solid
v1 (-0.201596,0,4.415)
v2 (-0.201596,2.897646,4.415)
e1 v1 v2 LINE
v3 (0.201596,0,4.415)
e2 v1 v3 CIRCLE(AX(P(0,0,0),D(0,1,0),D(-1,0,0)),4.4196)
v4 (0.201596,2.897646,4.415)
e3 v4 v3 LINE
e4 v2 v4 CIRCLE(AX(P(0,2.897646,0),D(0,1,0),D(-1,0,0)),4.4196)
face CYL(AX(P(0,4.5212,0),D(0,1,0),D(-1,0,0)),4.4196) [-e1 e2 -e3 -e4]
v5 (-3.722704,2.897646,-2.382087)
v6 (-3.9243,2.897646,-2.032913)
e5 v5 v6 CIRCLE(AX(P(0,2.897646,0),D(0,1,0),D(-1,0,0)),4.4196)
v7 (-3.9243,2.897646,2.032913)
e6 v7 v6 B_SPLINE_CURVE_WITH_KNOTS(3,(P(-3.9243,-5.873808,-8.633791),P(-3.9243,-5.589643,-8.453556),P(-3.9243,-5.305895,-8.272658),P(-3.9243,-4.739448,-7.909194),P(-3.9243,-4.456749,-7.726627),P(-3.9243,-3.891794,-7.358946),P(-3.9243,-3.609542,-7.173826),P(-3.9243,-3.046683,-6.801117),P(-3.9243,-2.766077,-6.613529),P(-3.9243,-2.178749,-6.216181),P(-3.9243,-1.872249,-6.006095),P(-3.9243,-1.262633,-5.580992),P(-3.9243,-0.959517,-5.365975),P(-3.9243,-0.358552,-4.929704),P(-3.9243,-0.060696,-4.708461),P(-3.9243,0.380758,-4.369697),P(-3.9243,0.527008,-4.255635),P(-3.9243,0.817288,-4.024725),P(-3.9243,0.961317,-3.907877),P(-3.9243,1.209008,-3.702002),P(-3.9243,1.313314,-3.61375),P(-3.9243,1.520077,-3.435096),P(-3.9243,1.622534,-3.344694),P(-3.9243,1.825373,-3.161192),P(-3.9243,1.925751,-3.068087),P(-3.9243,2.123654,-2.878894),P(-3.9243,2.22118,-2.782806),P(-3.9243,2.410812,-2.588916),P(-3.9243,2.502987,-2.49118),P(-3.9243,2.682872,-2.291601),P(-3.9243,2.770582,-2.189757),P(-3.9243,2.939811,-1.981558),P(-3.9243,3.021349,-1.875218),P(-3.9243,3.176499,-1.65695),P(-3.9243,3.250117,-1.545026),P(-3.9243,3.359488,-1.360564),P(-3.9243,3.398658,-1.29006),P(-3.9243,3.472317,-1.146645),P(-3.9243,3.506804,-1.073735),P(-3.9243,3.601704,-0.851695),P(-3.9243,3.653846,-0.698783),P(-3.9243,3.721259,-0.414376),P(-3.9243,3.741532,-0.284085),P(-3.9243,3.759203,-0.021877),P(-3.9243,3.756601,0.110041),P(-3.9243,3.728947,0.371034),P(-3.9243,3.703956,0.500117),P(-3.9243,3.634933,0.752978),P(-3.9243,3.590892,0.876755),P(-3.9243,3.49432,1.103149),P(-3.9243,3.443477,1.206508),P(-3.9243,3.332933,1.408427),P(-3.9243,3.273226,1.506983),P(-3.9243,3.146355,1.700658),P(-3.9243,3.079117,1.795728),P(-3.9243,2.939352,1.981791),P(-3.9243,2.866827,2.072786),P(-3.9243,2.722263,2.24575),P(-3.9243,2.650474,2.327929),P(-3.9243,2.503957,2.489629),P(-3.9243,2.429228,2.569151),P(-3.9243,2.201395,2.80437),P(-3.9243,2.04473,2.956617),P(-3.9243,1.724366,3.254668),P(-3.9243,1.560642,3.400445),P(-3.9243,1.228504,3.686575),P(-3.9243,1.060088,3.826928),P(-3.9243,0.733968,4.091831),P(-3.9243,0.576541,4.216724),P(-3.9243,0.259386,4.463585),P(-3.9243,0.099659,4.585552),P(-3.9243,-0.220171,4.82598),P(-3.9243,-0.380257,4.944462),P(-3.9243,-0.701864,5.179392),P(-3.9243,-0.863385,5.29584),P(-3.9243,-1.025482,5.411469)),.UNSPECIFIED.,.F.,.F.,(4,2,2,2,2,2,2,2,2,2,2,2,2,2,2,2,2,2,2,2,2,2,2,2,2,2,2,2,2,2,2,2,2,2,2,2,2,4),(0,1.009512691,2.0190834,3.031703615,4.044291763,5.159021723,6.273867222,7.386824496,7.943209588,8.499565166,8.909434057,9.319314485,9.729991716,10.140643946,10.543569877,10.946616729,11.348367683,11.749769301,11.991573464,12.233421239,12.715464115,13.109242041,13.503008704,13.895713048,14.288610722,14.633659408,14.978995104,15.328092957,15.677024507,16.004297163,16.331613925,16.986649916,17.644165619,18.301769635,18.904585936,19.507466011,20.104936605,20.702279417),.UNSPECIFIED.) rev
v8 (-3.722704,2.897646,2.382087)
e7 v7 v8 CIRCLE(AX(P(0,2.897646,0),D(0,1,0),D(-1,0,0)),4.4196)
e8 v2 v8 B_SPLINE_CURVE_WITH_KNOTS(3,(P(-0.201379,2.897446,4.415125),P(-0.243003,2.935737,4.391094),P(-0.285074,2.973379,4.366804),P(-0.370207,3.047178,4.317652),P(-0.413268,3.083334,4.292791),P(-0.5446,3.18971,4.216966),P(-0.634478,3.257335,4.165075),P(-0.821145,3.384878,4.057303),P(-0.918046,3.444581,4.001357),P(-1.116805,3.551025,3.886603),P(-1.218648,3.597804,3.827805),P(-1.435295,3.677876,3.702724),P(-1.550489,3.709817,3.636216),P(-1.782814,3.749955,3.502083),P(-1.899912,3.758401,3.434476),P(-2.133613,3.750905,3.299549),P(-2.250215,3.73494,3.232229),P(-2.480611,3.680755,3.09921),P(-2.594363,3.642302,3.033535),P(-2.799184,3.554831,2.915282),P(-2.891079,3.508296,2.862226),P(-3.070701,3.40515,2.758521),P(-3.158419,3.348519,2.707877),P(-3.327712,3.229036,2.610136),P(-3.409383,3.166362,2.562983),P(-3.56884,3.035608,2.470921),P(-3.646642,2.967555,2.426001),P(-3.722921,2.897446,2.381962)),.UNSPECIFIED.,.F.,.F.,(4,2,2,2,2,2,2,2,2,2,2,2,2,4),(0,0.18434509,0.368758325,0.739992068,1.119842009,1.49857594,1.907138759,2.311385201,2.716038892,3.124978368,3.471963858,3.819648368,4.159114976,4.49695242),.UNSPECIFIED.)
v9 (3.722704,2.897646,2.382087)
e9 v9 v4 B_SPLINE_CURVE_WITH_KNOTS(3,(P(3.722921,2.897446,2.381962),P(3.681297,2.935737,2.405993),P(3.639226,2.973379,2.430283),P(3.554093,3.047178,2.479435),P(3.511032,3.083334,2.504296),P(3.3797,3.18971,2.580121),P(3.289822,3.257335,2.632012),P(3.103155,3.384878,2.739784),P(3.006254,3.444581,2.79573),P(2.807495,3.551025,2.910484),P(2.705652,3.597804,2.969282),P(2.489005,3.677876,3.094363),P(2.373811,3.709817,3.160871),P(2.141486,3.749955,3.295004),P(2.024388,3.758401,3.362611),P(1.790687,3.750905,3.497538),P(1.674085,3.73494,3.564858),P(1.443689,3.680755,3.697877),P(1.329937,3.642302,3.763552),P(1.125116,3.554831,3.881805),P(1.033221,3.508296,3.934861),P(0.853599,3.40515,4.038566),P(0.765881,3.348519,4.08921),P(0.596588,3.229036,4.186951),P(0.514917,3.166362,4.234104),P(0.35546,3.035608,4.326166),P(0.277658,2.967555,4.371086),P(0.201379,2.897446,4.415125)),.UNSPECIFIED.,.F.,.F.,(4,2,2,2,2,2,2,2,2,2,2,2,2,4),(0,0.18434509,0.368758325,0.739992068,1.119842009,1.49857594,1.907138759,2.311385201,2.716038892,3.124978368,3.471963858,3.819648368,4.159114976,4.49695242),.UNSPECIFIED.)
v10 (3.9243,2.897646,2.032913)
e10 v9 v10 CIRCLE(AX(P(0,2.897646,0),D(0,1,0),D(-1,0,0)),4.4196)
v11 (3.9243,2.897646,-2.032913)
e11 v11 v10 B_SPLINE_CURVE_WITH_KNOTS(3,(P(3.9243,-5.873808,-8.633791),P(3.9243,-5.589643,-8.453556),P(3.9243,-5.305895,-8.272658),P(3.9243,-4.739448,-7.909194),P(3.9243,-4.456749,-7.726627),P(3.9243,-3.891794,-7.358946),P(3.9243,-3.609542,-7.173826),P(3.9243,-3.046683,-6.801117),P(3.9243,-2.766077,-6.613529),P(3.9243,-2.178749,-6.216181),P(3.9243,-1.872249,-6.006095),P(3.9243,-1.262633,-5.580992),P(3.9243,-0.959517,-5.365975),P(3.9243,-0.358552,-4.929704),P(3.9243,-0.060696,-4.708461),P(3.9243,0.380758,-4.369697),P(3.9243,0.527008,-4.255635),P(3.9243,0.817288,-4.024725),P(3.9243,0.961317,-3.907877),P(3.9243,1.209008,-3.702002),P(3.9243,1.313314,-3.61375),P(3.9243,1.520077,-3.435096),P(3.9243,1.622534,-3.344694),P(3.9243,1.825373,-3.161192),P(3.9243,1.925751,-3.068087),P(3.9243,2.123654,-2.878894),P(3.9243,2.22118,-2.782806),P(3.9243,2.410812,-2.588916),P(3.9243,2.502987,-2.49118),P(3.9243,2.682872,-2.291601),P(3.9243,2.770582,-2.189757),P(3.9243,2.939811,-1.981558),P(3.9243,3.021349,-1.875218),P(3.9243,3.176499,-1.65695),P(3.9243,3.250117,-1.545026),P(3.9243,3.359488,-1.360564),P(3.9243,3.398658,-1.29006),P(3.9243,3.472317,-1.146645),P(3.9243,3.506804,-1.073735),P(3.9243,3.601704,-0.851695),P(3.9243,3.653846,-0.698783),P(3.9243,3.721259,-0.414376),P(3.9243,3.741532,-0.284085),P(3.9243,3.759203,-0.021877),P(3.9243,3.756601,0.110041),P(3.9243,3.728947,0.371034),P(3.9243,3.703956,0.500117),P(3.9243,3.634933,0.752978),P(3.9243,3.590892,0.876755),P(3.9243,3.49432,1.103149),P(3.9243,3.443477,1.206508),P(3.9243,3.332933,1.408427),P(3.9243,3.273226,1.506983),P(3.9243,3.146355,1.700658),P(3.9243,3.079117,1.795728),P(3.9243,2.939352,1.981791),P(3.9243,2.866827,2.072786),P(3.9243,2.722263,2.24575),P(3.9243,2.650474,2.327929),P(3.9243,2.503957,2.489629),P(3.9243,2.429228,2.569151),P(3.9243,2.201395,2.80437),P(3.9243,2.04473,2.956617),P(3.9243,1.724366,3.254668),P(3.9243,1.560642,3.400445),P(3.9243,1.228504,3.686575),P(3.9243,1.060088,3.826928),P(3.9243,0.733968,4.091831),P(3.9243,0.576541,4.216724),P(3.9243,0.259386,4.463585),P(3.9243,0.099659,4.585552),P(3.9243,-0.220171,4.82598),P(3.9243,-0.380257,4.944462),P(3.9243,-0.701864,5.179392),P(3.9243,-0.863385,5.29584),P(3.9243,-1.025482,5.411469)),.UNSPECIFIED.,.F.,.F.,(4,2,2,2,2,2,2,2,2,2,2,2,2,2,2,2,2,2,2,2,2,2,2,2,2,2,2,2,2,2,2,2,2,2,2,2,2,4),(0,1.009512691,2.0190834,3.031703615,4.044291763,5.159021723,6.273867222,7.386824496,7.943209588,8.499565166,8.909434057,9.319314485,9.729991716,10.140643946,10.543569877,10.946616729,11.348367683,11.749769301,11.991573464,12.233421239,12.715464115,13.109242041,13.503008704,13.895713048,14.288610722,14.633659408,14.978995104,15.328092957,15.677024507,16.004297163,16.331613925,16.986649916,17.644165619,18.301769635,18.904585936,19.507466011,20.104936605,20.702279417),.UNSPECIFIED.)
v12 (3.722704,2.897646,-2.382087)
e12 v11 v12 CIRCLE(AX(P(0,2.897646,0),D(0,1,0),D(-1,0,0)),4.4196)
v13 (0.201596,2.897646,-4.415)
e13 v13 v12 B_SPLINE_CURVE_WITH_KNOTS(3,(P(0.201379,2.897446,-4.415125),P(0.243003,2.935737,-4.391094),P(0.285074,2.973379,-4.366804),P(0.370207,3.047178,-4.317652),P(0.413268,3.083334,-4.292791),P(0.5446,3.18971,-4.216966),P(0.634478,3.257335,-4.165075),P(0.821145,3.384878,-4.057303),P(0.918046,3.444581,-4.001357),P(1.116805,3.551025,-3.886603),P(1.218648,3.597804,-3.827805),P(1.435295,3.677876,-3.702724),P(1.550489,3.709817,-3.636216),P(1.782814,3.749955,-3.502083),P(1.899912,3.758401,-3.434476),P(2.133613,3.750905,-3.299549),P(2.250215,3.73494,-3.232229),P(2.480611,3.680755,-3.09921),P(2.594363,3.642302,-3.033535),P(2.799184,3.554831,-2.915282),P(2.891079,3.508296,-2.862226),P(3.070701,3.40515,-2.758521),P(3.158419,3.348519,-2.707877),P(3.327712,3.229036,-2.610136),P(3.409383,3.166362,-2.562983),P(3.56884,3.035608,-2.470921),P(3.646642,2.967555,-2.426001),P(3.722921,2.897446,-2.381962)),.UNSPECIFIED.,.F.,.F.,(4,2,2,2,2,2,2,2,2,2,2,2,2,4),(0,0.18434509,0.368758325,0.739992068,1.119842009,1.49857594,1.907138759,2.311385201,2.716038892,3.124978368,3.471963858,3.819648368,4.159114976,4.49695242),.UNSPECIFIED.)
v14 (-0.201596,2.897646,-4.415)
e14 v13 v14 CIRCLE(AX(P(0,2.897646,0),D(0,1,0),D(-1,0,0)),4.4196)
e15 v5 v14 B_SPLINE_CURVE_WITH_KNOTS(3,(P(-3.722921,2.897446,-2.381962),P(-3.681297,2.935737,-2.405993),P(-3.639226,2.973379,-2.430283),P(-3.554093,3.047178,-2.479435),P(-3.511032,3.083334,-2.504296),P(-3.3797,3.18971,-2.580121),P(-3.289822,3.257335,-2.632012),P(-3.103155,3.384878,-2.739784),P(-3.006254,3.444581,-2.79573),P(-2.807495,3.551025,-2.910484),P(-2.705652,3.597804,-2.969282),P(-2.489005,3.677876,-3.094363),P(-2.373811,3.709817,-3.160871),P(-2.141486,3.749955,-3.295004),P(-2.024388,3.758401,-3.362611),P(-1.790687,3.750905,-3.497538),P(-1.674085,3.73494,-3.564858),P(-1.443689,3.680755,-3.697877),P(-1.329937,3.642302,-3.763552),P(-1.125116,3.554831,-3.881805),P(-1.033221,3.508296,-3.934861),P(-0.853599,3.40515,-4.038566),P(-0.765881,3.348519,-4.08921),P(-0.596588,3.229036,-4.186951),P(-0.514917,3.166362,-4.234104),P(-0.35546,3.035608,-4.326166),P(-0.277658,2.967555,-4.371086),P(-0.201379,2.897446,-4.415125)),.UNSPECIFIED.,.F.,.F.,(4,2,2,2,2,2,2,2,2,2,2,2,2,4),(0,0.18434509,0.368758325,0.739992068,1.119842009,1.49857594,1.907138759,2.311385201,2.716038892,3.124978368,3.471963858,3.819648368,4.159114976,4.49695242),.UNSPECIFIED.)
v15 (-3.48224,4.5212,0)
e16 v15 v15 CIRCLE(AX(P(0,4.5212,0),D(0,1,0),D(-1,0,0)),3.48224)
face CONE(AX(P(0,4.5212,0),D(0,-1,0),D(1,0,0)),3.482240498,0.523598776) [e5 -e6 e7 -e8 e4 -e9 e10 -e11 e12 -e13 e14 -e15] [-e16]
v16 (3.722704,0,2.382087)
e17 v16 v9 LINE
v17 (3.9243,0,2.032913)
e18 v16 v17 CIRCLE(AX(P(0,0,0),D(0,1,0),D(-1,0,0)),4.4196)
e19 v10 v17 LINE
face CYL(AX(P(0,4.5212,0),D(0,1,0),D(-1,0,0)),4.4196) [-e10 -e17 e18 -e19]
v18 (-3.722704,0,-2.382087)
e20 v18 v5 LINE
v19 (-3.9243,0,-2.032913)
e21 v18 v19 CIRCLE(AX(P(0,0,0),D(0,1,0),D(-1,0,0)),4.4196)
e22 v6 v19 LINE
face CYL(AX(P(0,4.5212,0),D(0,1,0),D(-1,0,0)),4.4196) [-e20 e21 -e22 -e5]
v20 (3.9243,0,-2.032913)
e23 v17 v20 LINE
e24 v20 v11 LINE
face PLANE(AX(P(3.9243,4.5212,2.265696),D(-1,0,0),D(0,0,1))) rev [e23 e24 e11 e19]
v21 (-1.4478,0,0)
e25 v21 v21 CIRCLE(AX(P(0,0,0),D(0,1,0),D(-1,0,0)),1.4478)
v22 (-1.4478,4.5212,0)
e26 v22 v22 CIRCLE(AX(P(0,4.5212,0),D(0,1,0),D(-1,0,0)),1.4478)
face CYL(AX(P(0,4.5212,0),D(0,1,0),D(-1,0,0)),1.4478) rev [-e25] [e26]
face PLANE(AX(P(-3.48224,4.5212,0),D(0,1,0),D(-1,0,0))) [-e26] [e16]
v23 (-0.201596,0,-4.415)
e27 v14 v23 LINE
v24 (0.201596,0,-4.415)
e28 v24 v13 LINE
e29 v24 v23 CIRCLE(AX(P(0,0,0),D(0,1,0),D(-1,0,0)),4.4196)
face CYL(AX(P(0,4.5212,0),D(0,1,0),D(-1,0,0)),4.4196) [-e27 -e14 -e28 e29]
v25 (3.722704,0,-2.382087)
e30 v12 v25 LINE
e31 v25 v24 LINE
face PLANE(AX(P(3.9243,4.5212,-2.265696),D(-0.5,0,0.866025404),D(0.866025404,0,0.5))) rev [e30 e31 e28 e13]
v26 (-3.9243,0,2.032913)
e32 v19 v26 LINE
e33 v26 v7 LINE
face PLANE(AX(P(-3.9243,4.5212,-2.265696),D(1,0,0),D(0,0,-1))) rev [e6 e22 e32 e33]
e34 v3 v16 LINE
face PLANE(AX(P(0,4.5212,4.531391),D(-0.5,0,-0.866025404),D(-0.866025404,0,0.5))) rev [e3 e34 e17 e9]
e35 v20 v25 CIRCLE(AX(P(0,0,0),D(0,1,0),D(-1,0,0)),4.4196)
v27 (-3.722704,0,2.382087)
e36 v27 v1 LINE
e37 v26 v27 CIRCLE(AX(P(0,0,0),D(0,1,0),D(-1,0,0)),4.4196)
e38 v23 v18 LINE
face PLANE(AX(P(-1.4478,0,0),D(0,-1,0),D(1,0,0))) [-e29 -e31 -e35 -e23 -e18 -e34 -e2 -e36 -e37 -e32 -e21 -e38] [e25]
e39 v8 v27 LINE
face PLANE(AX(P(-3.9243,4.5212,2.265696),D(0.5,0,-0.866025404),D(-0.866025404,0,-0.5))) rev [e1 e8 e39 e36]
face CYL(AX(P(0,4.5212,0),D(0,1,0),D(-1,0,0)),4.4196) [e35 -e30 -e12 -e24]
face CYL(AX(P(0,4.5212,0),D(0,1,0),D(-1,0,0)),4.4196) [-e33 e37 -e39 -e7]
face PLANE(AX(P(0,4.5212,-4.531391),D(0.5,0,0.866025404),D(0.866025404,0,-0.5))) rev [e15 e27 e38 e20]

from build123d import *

# Parameters (mm, degrees)
SKETCH2_R      = 8.336997649
EXTRUDE1_DEPTH = 5.5212


with BuildPart() as part:
    # Sketch1 → Revolve1 (revolve)
    with BuildSketch(Plane.XY):
        Polygon((-1.4478, 0), (-4.4196, 0), (-4.4196, 2.897645717), (-3.482240498, 4.5212), (-1.4478, 4.5212), align=None)
    revolve(axis=Axis((0, 4.5212, 0), (0, -1, 0)))

    # Sketch2 → Extrude1 (cut, through all)
    with BuildSketch(Plane(origin=(0, 0, 0), x_dir=(1, 0, 0), z_dir=(0, 1, 0))):
        Circle(SKETCH2_R)
        Polygon((0, 4.531391323), (-3.9243, 2.265695661), (-3.9243, -2.265695661), (0, -4.531391323), (3.9243, -2.265695661), (3.9243, 2.265695661), align=None, mode=Mode.SUBTRACT)
    extrude(amount=EXTRUDE1_DEPTH, mode=Mode.SUBTRACT)


solid = part.part
